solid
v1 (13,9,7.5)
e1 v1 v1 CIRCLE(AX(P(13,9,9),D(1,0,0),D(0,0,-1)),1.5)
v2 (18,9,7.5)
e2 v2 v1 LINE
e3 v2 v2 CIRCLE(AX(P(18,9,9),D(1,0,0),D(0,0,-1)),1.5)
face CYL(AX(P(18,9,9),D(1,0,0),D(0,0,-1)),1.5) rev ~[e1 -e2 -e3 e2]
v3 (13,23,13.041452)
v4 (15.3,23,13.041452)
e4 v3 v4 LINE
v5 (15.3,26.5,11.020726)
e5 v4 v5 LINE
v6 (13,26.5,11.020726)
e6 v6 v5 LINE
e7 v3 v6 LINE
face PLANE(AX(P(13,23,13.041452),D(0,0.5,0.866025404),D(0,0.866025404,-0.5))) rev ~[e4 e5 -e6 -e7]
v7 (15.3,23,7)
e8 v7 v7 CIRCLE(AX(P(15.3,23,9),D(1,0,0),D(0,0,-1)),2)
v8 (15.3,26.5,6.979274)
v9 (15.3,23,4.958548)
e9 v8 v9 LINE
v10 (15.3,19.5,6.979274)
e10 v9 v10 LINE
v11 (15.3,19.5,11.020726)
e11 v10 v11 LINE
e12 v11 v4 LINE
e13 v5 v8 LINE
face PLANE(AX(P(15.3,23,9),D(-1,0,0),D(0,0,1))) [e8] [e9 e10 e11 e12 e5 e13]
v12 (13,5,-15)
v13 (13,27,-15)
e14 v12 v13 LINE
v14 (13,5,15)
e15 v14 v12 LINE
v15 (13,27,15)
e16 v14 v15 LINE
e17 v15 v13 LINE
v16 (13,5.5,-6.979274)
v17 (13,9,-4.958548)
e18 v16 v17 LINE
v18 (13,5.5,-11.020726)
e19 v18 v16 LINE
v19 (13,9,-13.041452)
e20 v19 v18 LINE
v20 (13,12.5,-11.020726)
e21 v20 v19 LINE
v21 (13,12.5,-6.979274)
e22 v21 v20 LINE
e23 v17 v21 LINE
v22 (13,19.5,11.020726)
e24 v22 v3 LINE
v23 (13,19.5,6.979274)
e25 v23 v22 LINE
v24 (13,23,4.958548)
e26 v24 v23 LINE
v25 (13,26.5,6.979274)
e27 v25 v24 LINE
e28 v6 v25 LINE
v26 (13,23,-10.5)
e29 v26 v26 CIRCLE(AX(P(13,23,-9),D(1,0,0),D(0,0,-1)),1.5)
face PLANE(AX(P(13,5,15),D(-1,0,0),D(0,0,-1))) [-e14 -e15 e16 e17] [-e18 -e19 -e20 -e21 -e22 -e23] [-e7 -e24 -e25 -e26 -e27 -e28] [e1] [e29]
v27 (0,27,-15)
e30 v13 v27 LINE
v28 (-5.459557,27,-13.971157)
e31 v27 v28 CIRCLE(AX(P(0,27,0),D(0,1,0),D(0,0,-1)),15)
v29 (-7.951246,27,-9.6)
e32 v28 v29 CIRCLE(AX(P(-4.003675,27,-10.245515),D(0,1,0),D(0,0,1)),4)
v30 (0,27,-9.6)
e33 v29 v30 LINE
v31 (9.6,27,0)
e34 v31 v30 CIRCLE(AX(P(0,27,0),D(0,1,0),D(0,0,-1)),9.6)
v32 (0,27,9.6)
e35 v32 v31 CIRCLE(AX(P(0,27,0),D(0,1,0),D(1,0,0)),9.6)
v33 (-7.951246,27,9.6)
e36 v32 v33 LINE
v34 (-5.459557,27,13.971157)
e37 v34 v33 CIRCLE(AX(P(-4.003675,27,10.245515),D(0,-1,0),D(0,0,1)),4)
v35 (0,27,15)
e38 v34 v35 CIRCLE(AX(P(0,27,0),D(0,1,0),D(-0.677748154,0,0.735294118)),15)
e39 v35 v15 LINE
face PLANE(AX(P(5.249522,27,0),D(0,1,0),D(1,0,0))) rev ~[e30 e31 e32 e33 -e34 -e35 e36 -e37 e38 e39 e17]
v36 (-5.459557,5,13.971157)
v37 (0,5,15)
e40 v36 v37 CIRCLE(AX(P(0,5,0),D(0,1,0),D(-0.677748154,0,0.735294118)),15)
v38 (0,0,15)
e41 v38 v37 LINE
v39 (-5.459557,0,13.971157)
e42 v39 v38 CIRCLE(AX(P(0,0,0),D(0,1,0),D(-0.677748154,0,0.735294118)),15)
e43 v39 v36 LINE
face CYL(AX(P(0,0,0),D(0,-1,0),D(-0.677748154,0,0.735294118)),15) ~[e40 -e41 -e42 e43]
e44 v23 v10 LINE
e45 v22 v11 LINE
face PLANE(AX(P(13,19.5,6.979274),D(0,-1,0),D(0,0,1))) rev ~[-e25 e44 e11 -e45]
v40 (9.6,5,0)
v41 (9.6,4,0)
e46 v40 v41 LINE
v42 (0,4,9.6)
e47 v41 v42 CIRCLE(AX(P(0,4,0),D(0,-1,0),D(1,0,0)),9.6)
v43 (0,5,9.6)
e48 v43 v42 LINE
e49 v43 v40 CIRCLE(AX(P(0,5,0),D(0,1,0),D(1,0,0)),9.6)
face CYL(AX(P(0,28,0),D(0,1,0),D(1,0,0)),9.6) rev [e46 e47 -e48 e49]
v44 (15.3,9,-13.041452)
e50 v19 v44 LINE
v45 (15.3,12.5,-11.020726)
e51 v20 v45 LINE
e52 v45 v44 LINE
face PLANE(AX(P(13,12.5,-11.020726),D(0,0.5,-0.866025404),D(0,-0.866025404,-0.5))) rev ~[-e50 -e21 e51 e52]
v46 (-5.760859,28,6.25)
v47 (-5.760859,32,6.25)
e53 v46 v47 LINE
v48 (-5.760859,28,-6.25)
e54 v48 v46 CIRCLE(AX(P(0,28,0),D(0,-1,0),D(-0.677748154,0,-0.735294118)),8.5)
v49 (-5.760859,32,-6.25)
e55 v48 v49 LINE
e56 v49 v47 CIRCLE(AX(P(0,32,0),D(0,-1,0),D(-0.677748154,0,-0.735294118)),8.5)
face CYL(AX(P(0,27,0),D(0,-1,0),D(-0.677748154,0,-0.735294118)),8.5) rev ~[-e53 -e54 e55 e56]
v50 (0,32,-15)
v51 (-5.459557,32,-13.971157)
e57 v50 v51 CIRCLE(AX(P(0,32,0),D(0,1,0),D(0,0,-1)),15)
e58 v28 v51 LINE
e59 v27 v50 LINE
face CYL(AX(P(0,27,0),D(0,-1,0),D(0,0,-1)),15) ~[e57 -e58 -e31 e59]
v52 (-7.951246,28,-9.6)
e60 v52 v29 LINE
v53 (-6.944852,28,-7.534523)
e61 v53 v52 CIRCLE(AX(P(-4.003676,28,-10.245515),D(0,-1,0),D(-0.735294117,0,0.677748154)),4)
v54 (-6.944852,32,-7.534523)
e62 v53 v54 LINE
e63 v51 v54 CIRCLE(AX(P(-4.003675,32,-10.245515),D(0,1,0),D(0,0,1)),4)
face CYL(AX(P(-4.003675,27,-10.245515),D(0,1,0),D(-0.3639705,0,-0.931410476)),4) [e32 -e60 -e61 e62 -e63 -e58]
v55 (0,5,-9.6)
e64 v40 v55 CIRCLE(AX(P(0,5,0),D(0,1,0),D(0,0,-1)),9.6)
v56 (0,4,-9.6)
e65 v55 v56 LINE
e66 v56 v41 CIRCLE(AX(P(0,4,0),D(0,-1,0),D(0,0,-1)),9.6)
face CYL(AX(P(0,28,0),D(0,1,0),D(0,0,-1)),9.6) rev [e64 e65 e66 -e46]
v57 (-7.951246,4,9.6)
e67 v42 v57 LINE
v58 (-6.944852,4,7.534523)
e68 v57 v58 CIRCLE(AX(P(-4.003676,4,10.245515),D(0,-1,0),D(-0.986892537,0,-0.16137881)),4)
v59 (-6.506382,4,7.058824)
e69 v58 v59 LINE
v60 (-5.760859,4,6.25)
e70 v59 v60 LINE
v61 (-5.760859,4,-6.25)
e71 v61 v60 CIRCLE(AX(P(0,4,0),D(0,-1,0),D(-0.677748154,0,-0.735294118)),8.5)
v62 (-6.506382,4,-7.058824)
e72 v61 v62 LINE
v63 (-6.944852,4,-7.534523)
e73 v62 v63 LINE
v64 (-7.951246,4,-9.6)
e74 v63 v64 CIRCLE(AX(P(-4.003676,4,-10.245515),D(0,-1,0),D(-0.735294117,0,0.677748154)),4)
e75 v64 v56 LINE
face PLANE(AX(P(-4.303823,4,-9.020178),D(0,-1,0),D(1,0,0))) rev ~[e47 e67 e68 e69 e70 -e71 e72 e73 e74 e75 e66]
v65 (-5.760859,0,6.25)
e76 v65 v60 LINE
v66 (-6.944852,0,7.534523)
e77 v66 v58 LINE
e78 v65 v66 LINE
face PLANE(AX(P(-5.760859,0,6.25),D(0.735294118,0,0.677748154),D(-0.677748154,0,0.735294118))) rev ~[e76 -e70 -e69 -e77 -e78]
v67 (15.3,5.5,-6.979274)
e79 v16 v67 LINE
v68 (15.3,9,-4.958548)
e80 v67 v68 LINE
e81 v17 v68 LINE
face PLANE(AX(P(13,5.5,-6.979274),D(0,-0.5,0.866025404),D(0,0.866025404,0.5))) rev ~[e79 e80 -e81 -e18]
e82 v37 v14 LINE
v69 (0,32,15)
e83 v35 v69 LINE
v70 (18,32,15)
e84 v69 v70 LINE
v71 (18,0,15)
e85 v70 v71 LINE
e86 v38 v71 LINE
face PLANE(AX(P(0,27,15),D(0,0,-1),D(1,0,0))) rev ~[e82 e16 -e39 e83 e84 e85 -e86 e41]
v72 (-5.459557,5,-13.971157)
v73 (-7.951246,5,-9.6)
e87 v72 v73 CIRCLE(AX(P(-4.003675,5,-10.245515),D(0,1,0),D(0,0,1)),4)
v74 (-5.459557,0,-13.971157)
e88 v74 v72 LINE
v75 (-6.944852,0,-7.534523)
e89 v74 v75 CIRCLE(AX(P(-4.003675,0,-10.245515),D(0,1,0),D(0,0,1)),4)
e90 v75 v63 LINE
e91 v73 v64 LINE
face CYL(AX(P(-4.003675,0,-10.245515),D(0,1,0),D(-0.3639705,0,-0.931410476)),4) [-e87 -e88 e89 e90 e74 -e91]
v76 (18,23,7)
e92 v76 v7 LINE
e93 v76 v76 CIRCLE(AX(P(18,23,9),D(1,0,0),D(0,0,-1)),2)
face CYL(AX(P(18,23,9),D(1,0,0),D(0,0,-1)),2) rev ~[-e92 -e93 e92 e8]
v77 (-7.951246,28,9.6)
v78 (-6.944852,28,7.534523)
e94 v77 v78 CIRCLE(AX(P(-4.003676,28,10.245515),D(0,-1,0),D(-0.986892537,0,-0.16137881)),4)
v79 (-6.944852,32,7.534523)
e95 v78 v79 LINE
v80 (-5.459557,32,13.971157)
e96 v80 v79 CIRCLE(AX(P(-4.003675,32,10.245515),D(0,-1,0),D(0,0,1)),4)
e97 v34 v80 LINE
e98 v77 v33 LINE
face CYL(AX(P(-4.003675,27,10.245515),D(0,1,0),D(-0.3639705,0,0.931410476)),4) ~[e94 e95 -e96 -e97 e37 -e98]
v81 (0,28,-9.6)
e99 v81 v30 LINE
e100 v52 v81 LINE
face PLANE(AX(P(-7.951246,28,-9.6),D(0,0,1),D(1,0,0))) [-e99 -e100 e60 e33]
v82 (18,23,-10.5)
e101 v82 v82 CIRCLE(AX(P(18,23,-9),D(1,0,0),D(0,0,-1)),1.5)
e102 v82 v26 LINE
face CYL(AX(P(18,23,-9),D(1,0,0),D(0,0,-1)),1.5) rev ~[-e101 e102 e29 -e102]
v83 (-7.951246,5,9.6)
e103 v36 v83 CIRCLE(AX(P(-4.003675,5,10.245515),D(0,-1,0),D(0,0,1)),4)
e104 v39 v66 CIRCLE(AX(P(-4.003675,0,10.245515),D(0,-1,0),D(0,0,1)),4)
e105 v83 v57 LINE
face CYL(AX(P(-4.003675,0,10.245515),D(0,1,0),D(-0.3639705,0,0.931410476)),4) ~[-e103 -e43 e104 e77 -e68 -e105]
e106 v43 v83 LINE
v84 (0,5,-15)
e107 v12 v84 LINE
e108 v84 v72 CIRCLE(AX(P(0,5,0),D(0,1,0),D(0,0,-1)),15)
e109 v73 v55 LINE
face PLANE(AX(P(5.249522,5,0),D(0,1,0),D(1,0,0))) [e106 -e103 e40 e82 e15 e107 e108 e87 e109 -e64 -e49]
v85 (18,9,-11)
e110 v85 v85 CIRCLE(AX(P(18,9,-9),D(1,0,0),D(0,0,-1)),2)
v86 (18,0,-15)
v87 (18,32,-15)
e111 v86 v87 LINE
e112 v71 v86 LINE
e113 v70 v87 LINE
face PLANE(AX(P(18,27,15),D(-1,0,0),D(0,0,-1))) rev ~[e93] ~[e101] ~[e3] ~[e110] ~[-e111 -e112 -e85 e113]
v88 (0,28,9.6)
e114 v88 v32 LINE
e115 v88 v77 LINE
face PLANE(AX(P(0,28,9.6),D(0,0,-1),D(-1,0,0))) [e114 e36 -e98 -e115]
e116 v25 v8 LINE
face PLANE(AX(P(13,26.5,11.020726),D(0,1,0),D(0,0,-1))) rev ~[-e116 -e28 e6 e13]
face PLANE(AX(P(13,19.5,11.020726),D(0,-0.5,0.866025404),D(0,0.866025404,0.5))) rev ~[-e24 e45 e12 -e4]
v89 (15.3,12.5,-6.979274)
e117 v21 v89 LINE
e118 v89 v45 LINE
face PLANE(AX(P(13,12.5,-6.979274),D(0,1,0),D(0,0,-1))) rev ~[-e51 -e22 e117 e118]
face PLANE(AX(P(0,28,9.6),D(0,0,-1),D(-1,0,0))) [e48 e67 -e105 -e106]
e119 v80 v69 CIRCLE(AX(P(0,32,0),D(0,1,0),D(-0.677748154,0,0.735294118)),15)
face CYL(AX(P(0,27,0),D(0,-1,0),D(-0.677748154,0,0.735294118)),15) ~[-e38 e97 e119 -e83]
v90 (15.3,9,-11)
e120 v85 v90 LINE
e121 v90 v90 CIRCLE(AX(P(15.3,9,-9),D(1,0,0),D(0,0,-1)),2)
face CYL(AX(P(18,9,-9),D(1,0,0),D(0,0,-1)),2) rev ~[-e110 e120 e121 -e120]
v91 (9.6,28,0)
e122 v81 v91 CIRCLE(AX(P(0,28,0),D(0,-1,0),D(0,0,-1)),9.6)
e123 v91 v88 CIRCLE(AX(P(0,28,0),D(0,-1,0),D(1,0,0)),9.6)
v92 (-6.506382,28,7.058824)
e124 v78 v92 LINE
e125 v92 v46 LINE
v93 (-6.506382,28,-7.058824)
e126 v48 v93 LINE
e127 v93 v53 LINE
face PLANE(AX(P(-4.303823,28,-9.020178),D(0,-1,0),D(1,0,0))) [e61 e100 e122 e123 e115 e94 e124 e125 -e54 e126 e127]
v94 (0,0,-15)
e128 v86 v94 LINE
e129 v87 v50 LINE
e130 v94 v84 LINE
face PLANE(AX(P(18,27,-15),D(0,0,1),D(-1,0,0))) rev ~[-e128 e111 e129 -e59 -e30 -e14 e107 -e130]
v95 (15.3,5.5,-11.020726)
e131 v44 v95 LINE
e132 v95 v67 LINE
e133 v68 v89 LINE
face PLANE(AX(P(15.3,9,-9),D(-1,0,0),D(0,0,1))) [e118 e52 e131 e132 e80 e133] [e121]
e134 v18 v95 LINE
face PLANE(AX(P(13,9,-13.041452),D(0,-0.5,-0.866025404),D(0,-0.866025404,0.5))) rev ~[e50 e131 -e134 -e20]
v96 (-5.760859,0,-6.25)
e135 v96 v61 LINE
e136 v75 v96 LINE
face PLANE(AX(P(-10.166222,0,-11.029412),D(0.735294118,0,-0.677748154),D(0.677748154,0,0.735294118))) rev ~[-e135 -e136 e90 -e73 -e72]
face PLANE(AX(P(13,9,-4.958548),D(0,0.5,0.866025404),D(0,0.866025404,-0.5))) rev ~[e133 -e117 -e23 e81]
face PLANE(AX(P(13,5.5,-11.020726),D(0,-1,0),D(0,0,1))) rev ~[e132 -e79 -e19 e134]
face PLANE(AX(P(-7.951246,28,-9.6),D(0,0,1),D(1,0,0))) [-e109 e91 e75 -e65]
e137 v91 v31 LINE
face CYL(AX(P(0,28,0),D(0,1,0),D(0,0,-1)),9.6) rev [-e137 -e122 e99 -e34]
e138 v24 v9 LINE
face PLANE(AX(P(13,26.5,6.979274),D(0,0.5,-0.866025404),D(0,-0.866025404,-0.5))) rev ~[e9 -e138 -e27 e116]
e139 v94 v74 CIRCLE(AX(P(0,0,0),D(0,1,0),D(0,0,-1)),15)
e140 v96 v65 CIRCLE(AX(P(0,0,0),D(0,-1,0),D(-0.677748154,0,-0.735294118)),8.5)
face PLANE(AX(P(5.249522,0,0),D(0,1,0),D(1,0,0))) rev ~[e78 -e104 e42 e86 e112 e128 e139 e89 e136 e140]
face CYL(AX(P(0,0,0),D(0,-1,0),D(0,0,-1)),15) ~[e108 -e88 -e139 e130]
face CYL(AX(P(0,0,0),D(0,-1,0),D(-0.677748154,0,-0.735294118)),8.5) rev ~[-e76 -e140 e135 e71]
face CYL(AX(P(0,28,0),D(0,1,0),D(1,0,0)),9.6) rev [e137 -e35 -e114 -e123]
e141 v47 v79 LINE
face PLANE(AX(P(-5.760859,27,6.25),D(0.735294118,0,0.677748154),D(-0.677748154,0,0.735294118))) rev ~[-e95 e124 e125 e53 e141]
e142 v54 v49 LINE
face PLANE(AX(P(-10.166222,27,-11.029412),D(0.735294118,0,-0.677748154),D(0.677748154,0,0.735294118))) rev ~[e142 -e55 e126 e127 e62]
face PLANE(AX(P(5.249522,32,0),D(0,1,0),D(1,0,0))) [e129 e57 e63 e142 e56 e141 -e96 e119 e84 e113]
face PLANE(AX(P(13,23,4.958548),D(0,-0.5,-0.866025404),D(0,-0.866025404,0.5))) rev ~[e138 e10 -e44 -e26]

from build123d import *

# Parameters (mm, degrees)
BOSS_EXTRUDE1_DEPTH = 5
SKETCH3_W           = 5
SKETCH3_H           = 30
BOSS_EXTRUDE3_DEPTH = 22
BOSS_EXTRUDE4_DEPTH = 5
SKETCH5_R           = 1.5
SKETCH5_R_2         = 2
CUT_EXTRUDE1_DEPTH  = 29.166222313
FILLET1_R           = 4
CUT_EXTRUDE2_START  = -1
CUT_EXTRUDE2_DEPTH  = 24
CUT_EXTRUDE3_DEPTH  = 2.3


with BuildPart() as part:
    # Sketch2 → Boss-Extrude1 (new body)
    with BuildSketch(Plane(origin=(0, 0, 0), x_dir=(1, 0, 0), z_dir=(0, 1, 0))):
        with BuildLine():
            Line((18, -15), (18, 15))
            Line((18, 15), (0, 15))
            ThreePointArc((0, 15), (-5.457051563, 13.972136137), (-10.166222313, 11.029411765))
            Line((-10.166222313, 11.029411765), (-5.760859311, 6.25))
            ThreePointArc((-5.760859311, 6.25), (8.5, 0), (-5.760859311, -6.25))
            Line((-5.760859311, -6.25), (-10.166222313, -11.029411765))
            ThreePointArc((-10.166222313, -11.029411765), (-5.457051563, -13.972136137), (0, -15))
            Line((0, -15), (18, -15))
        make_face()
    extrude(amount=BOSS_EXTRUDE1_DEPTH)

    # Sketch3 → Boss-Extrude3 (add)
    with BuildSketch(Plane(origin=(0, 5, 0), x_dir=(1, 0, 0), z_dir=(0, 1, 0))):
        with Locations((15.5, 0)):
            Rectangle(SKETCH3_W, SKETCH3_H)
    extrude(amount=BOSS_EXTRUDE3_DEPTH)

    # Sketch4 → Boss-Extrude4 (add)
    with BuildSketch(Plane(origin=(0, 27, 0), x_dir=(1, 0, 0), z_dir=(0, 1, 0))):
        with BuildLine():
            Line((13, -15), (18, -15))
            Line((18, -15), (18, 15))
            Line((18, 15), (13, 15))
            Line((13, 15), (0, 15))
            ThreePointArc((0, 15), (-5.457051563, 13.972136137), (-10.166222313, 11.029411765))
            Line((-10.166222313, 11.029411765), (-5.760859311, 6.25))
            ThreePointArc((-5.760859311, 6.25), (8.5, 0), (-5.760859311, -6.25))
            Line((-5.760859311, -6.25), (-10.166222313, -11.029411765))
            ThreePointArc((-10.166222313, -11.029411765), (-5.457051563, -13.972136137), (0, -15))
            Line((0, -15), (13, -15))
        make_face()
    extrude(amount=BOSS_EXTRUDE4_DEPTH)

    # Sketch5 → Cut-Extrude1 (cut, through all)
    with BuildSketch(Plane(origin=(18, 0, 0), x_dir=(0, 0, -1), z_dir=(1, 0, 0))):
        with Locations((9, 23)):
            Circle(SKETCH5_R)
        with Locations((-9, 9)):
            Circle(SKETCH5_R)
        with Locations((-9, 23)):
            Circle(SKETCH5_R_2)
        with Locations((9, 9)):
            Circle(SKETCH5_R_2)
    extrude(amount=-CUT_EXTRUDE1_DEPTH, mode=Mode.SUBTRACT)

    # Fillet1
    fillet1_edges = [part.edges().sort_by_distance(p)[0] for p in [
        (-10.166222313, 2.5, 11.029411765),
        (-10.166222313, 2.5, -11.029411765),
        (-10.166222313, 29.5, 11.029411765),
        (-10.166222313, 29.5, -11.029411765),
    ]]
    fillet(fillet1_edges, radius=FILLET1_R)

    # Sketch6 → Cut-Extrude2 (cut)
    with BuildSketch(Plane.XZ.offset(-27).offset(CUT_EXTRUDE2_START)):
        with BuildLine():
            Line((-7.951245646, -9.6), (0, -9.6))
            ThreePointArc((0, -9.6), (-3.492513001, -8.942167128), (-6.506382281, -7.058823529))
            Line((-6.506382281, -7.058823529), (-6.944851968, -7.534522622))
            ThreePointArc((-6.944851968, -7.534522622), (-7.59954211, -8.493446945), (-7.951245646, -9.6))
        make_face()
        with BuildLine():
            ThreePointArc((9.6, 0), (6.788225099, 6.788225099), (0, 9.6))
            ThreePointArc((0, 9.6), (-3.492513001, 8.942167128), (-6.506382281, 7.058823529))
            Line((-6.506382281, 7.058823529), (-5.760859311, 6.25))
            ThreePointArc((-5.760859311, 6.25), (8.5, 0), (-5.760859311, -6.25))
            Line((-5.760859311, -6.25), (-6.506382281, -7.058823529))
            ThreePointArc((-6.506382281, -7.058823529), (-3.492513001, -8.942167128), (0, -9.6))
            ThreePointArc((0, -9.6), (6.788225099, -6.788225099), (9.6, 0))
        make_face()
        with BuildLine():
            Line((-5.760859311, 6.25), (-6.506382281, 7.058823529))
            ThreePointArc((-6.506382281, 7.058823529), (-8.792646641, 3.853487389), (-9.6, 0))
            ThreePointArc((-9.6, 0), (-8.792646641, -3.853487389), (-6.506382281, -7.058823529))
            Line((-6.506382281, -7.058823529), (-5.760859311, -6.25))
            ThreePointArc((-5.760859311, -6.25), (8.5, 0), (-5.760859311, 6.25))
        make_face()
        with BuildLine():
            ThreePointArc((-6.506382281, 7.058823529), (-3.492513001, 8.942167128), (0, 9.6))
            Line((0, 9.6), (-7.951245646, 9.6))
            ThreePointArc((-7.951245646, 9.6), (-7.59954211, 8.493446945), (-6.944851968, 7.534522622))
            Line((-6.944851968, 7.534522622), (-6.506382281, 7.058823529))
        make_face()
    extrude(amount=CUT_EXTRUDE2_DEPTH, mode=Mode.SUBTRACT)

    # Sketch7 → Cut-Extrude3 (cut)
    with BuildSketch(Plane.ZY.offset(-13)):
        Polygon((-4.958548116, 9), (-6.979274058, 12.5), (-11.020725942, 12.5), (-13.041451884, 9), (-11.020725942, 5.5), (-6.979274058, 5.5), align=None)
        Polygon((13.041451884, 23), (11.020725942, 26.5), (6.979274058, 26.5), (4.958548116, 23), (6.979274058, 19.5), (11.020725942, 19.5), align=None)
    extrude(amount=-CUT_EXTRUDE3_DEPTH, mode=Mode.SUBTRACT)


solid = part.part
